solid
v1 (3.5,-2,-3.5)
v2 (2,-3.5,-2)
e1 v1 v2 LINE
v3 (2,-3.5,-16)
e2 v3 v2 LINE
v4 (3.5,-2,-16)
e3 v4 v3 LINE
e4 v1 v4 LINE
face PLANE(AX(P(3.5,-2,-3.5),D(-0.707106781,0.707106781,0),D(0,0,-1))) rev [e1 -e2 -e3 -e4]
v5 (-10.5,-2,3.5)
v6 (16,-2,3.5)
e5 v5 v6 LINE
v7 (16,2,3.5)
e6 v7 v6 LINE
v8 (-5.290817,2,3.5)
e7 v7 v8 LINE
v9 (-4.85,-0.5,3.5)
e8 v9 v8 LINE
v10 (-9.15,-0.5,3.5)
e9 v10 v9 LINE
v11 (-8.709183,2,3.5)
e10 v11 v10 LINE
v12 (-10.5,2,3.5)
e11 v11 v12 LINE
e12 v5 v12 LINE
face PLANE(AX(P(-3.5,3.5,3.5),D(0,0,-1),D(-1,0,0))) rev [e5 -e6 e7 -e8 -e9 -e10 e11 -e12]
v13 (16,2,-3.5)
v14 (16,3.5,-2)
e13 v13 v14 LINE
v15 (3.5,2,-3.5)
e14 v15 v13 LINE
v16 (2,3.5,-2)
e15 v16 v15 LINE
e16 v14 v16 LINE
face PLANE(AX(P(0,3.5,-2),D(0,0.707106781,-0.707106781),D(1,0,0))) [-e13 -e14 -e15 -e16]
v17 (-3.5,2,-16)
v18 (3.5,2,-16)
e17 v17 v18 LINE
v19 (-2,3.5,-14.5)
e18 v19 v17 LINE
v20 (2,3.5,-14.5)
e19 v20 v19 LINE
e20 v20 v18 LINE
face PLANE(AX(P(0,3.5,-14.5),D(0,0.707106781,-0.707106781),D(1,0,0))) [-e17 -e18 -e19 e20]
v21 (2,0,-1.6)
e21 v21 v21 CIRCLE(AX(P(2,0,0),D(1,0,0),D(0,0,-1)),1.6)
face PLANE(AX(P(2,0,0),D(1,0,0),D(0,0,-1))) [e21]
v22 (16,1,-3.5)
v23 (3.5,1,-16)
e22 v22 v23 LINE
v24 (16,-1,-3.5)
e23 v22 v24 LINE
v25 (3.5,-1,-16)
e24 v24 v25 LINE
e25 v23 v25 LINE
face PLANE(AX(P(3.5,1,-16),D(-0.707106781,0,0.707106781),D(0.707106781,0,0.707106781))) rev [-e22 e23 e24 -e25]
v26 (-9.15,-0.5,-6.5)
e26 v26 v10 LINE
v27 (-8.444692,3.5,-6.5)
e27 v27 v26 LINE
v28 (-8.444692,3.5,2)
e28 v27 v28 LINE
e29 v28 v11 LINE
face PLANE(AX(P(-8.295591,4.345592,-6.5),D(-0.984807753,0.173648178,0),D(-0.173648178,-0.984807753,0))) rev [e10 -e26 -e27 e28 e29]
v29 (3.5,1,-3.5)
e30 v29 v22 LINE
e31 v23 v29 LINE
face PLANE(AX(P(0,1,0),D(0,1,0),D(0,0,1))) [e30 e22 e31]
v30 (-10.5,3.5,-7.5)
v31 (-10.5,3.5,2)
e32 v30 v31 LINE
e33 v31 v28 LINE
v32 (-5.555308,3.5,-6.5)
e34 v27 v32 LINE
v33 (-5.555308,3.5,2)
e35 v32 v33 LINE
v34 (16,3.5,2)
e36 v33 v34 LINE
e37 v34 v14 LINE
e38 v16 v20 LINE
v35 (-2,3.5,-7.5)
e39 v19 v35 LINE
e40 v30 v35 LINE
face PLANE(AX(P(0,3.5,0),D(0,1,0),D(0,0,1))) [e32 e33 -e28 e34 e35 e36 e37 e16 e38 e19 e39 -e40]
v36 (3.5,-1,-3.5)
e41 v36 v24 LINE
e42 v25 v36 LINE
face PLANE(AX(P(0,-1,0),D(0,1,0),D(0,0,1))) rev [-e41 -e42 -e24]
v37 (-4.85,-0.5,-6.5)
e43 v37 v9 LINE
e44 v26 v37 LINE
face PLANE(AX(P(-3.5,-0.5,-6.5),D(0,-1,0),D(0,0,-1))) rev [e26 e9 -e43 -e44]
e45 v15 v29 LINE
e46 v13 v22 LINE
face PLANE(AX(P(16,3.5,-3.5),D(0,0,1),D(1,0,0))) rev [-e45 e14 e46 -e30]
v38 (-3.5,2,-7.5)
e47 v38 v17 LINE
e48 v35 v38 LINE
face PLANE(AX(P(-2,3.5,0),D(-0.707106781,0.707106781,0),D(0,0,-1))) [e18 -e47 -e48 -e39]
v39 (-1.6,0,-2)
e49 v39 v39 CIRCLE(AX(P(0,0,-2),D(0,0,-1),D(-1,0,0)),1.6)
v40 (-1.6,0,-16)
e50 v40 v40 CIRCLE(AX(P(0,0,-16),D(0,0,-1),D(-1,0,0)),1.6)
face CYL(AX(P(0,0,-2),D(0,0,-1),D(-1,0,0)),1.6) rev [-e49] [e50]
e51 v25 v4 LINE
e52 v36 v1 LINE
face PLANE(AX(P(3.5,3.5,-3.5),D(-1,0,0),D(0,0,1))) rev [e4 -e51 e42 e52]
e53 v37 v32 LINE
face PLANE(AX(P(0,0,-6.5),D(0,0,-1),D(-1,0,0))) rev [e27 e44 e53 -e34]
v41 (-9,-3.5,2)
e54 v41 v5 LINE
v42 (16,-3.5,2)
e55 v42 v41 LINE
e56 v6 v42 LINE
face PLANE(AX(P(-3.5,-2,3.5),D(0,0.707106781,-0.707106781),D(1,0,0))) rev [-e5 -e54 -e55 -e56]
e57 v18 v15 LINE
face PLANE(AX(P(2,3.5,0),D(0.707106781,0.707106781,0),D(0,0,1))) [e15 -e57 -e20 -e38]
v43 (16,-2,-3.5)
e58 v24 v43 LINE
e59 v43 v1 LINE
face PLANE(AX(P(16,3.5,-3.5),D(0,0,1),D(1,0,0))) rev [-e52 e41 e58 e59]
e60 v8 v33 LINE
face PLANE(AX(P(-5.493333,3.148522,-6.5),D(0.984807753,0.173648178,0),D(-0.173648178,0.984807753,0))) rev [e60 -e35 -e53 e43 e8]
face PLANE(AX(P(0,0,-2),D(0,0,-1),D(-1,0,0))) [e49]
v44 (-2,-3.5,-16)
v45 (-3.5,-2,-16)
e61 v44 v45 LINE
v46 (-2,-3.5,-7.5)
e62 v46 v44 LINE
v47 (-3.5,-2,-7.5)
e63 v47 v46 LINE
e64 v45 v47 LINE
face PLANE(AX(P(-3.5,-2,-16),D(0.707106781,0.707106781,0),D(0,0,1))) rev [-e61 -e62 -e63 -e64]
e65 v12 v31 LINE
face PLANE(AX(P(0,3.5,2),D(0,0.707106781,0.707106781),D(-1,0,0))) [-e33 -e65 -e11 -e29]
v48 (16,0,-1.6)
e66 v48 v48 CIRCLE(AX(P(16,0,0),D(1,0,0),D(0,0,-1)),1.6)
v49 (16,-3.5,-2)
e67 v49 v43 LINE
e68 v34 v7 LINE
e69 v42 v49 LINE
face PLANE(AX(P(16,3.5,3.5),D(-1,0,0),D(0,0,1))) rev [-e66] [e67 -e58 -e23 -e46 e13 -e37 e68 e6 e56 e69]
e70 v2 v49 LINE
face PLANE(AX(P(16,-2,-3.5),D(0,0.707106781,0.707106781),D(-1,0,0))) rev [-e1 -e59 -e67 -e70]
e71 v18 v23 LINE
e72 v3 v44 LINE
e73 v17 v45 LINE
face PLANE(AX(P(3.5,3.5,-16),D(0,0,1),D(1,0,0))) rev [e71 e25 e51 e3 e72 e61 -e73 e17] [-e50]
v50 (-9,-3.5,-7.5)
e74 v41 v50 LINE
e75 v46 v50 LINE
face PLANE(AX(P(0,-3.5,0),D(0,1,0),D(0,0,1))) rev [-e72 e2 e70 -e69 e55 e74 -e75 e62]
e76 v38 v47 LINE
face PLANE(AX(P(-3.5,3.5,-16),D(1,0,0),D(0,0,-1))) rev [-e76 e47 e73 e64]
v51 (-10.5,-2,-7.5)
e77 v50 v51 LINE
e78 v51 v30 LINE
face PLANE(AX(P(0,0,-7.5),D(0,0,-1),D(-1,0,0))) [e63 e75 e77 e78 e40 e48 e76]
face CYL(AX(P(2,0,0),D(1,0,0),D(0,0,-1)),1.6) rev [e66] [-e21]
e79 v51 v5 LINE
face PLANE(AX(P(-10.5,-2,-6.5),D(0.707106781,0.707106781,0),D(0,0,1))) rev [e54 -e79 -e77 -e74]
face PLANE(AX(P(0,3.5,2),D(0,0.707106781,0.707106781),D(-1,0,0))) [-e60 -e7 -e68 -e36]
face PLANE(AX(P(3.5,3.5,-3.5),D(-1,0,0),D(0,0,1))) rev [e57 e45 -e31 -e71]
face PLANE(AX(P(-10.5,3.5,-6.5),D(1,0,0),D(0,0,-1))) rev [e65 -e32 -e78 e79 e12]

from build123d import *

# Parameters (mm, degrees)
BOSS_EXTRUDE1_DEPTH  = 3.5
SKETCH2_R            = 1.6
CUT_EXTRUDE1_DEPTH   = 14
SKETCH3_R            = 1.6
CUT_EXTRUDE2_DEPTH   = 14
BOSS_EXTRUDE2_DEPTH  = 1
BOSS_EXTRUDE13_START = -19.5
BOSS_EXTRUDE13_DEPTH = 10
BOSS_EXTRUDE14_DEPTH = 1
CHAMFER7_SIZE        = 1.5


with BuildPart() as part:
    # Sketch1 → Boss-Extrude1 (new, symmetric)
    with BuildSketch(Plane(origin=(0, 0, 0), x_dir=(1, 0, 0), z_dir=(0, 1, 0))):
        Polygon((-3.5, 16), (-3.5, -3.5), (16, -3.5), (16, 3.5), (3.5, 3.5), (3.5, 16), align=None)
    extrude(amount=BOSS_EXTRUDE1_DEPTH, both=True)

    # Sketch2 → Cut-Extrude1 (cut)
    with BuildSketch(Plane(origin=(0, 0, -16), x_dir=(-1, 0, 0), z_dir=(0, 0, -1))):
        Circle(SKETCH2_R)
    extrude(amount=-CUT_EXTRUDE1_DEPTH, mode=Mode.SUBTRACT)

    # Sketch3 → Cut-Extrude2 (cut)
    with BuildSketch(Plane(origin=(16, 0, 0), x_dir=(0, 0, -1), z_dir=(1, 0, 0))):
        Circle(SKETCH3_R)
    extrude(amount=-CUT_EXTRUDE2_DEPTH, mode=Mode.SUBTRACT)

    # Sketch4 → Boss-Extrude2 (add, symmetric)
    with BuildSketch(Plane(origin=(0, 0, 0), x_dir=(1, 0, 0), z_dir=(0, 1, 0))):
        Polygon((3.5, 16), (16, 3.5), (3.5, 3.5), align=None)
    extrude(amount=BOSS_EXTRUDE2_DEPTH, both=True)

    # Sketch16 → Boss-Extrude13 (add)
    with BuildSketch(Plane(origin=(0, 0, -16), x_dir=(-1, 0, 0), z_dir=(0, 0, -1)).offset(BOSS_EXTRUDE13_START)):
        Polygon((3.5, -3.5), (3.5, 3.5), (5.555307923, 3.5), (4.85, -0.5), (9.15, -0.5), (8.444692077, 3.5), (10.5, 3.5), (10.5, -3.5), align=None)
    extrude(amount=BOSS_EXTRUDE13_DEPTH)

    # Sketch17 → Boss-Extrude14 (add)
    with BuildSketch(Plane(origin=(0, 0, -6.5), x_dir=(-1, 0, 0), z_dir=(0, 0, -1))):
        Polygon((5.555307923, 3.5), (3.5, 3.5), (3.5, -3.5), (10.5, -3.5), (10.5, 3.5), (8.444692077, 3.5), (9.15, -0.5), (4.85, -0.5), align=None)
        Polygon((9.15, -0.5), (8.444692077, 3.5), (5.555307923, 3.5), (4.85, -0.5), align=None)
    extrude(amount=BOSS_EXTRUDE14_DEPTH)

    # Chamfer7
    chamfer7_edges = [part.edges().sort_by_distance(p)[0] for p in [
        (5.222346039, 3.5, 3.5),
        (9.75, 3.5, -3.5),
        (3.5, 3.5, -9.75),
        (-10.5, -3.5, -2),
        (-9.472346039, 3.5, 3.5),
        (0, 3.5, -16),
        (3.5, -3.5, -9.75),
        (9.75, -3.5, -3.5),
        (2.75, -3.5, 3.5),
        (-3.5, -3.5, -11.75),
        (-3.5, 3.5, -11.75),
    ]]
    chamfer(chamfer7_edges, length=CHAMFER7_SIZE)


solid = part.part
